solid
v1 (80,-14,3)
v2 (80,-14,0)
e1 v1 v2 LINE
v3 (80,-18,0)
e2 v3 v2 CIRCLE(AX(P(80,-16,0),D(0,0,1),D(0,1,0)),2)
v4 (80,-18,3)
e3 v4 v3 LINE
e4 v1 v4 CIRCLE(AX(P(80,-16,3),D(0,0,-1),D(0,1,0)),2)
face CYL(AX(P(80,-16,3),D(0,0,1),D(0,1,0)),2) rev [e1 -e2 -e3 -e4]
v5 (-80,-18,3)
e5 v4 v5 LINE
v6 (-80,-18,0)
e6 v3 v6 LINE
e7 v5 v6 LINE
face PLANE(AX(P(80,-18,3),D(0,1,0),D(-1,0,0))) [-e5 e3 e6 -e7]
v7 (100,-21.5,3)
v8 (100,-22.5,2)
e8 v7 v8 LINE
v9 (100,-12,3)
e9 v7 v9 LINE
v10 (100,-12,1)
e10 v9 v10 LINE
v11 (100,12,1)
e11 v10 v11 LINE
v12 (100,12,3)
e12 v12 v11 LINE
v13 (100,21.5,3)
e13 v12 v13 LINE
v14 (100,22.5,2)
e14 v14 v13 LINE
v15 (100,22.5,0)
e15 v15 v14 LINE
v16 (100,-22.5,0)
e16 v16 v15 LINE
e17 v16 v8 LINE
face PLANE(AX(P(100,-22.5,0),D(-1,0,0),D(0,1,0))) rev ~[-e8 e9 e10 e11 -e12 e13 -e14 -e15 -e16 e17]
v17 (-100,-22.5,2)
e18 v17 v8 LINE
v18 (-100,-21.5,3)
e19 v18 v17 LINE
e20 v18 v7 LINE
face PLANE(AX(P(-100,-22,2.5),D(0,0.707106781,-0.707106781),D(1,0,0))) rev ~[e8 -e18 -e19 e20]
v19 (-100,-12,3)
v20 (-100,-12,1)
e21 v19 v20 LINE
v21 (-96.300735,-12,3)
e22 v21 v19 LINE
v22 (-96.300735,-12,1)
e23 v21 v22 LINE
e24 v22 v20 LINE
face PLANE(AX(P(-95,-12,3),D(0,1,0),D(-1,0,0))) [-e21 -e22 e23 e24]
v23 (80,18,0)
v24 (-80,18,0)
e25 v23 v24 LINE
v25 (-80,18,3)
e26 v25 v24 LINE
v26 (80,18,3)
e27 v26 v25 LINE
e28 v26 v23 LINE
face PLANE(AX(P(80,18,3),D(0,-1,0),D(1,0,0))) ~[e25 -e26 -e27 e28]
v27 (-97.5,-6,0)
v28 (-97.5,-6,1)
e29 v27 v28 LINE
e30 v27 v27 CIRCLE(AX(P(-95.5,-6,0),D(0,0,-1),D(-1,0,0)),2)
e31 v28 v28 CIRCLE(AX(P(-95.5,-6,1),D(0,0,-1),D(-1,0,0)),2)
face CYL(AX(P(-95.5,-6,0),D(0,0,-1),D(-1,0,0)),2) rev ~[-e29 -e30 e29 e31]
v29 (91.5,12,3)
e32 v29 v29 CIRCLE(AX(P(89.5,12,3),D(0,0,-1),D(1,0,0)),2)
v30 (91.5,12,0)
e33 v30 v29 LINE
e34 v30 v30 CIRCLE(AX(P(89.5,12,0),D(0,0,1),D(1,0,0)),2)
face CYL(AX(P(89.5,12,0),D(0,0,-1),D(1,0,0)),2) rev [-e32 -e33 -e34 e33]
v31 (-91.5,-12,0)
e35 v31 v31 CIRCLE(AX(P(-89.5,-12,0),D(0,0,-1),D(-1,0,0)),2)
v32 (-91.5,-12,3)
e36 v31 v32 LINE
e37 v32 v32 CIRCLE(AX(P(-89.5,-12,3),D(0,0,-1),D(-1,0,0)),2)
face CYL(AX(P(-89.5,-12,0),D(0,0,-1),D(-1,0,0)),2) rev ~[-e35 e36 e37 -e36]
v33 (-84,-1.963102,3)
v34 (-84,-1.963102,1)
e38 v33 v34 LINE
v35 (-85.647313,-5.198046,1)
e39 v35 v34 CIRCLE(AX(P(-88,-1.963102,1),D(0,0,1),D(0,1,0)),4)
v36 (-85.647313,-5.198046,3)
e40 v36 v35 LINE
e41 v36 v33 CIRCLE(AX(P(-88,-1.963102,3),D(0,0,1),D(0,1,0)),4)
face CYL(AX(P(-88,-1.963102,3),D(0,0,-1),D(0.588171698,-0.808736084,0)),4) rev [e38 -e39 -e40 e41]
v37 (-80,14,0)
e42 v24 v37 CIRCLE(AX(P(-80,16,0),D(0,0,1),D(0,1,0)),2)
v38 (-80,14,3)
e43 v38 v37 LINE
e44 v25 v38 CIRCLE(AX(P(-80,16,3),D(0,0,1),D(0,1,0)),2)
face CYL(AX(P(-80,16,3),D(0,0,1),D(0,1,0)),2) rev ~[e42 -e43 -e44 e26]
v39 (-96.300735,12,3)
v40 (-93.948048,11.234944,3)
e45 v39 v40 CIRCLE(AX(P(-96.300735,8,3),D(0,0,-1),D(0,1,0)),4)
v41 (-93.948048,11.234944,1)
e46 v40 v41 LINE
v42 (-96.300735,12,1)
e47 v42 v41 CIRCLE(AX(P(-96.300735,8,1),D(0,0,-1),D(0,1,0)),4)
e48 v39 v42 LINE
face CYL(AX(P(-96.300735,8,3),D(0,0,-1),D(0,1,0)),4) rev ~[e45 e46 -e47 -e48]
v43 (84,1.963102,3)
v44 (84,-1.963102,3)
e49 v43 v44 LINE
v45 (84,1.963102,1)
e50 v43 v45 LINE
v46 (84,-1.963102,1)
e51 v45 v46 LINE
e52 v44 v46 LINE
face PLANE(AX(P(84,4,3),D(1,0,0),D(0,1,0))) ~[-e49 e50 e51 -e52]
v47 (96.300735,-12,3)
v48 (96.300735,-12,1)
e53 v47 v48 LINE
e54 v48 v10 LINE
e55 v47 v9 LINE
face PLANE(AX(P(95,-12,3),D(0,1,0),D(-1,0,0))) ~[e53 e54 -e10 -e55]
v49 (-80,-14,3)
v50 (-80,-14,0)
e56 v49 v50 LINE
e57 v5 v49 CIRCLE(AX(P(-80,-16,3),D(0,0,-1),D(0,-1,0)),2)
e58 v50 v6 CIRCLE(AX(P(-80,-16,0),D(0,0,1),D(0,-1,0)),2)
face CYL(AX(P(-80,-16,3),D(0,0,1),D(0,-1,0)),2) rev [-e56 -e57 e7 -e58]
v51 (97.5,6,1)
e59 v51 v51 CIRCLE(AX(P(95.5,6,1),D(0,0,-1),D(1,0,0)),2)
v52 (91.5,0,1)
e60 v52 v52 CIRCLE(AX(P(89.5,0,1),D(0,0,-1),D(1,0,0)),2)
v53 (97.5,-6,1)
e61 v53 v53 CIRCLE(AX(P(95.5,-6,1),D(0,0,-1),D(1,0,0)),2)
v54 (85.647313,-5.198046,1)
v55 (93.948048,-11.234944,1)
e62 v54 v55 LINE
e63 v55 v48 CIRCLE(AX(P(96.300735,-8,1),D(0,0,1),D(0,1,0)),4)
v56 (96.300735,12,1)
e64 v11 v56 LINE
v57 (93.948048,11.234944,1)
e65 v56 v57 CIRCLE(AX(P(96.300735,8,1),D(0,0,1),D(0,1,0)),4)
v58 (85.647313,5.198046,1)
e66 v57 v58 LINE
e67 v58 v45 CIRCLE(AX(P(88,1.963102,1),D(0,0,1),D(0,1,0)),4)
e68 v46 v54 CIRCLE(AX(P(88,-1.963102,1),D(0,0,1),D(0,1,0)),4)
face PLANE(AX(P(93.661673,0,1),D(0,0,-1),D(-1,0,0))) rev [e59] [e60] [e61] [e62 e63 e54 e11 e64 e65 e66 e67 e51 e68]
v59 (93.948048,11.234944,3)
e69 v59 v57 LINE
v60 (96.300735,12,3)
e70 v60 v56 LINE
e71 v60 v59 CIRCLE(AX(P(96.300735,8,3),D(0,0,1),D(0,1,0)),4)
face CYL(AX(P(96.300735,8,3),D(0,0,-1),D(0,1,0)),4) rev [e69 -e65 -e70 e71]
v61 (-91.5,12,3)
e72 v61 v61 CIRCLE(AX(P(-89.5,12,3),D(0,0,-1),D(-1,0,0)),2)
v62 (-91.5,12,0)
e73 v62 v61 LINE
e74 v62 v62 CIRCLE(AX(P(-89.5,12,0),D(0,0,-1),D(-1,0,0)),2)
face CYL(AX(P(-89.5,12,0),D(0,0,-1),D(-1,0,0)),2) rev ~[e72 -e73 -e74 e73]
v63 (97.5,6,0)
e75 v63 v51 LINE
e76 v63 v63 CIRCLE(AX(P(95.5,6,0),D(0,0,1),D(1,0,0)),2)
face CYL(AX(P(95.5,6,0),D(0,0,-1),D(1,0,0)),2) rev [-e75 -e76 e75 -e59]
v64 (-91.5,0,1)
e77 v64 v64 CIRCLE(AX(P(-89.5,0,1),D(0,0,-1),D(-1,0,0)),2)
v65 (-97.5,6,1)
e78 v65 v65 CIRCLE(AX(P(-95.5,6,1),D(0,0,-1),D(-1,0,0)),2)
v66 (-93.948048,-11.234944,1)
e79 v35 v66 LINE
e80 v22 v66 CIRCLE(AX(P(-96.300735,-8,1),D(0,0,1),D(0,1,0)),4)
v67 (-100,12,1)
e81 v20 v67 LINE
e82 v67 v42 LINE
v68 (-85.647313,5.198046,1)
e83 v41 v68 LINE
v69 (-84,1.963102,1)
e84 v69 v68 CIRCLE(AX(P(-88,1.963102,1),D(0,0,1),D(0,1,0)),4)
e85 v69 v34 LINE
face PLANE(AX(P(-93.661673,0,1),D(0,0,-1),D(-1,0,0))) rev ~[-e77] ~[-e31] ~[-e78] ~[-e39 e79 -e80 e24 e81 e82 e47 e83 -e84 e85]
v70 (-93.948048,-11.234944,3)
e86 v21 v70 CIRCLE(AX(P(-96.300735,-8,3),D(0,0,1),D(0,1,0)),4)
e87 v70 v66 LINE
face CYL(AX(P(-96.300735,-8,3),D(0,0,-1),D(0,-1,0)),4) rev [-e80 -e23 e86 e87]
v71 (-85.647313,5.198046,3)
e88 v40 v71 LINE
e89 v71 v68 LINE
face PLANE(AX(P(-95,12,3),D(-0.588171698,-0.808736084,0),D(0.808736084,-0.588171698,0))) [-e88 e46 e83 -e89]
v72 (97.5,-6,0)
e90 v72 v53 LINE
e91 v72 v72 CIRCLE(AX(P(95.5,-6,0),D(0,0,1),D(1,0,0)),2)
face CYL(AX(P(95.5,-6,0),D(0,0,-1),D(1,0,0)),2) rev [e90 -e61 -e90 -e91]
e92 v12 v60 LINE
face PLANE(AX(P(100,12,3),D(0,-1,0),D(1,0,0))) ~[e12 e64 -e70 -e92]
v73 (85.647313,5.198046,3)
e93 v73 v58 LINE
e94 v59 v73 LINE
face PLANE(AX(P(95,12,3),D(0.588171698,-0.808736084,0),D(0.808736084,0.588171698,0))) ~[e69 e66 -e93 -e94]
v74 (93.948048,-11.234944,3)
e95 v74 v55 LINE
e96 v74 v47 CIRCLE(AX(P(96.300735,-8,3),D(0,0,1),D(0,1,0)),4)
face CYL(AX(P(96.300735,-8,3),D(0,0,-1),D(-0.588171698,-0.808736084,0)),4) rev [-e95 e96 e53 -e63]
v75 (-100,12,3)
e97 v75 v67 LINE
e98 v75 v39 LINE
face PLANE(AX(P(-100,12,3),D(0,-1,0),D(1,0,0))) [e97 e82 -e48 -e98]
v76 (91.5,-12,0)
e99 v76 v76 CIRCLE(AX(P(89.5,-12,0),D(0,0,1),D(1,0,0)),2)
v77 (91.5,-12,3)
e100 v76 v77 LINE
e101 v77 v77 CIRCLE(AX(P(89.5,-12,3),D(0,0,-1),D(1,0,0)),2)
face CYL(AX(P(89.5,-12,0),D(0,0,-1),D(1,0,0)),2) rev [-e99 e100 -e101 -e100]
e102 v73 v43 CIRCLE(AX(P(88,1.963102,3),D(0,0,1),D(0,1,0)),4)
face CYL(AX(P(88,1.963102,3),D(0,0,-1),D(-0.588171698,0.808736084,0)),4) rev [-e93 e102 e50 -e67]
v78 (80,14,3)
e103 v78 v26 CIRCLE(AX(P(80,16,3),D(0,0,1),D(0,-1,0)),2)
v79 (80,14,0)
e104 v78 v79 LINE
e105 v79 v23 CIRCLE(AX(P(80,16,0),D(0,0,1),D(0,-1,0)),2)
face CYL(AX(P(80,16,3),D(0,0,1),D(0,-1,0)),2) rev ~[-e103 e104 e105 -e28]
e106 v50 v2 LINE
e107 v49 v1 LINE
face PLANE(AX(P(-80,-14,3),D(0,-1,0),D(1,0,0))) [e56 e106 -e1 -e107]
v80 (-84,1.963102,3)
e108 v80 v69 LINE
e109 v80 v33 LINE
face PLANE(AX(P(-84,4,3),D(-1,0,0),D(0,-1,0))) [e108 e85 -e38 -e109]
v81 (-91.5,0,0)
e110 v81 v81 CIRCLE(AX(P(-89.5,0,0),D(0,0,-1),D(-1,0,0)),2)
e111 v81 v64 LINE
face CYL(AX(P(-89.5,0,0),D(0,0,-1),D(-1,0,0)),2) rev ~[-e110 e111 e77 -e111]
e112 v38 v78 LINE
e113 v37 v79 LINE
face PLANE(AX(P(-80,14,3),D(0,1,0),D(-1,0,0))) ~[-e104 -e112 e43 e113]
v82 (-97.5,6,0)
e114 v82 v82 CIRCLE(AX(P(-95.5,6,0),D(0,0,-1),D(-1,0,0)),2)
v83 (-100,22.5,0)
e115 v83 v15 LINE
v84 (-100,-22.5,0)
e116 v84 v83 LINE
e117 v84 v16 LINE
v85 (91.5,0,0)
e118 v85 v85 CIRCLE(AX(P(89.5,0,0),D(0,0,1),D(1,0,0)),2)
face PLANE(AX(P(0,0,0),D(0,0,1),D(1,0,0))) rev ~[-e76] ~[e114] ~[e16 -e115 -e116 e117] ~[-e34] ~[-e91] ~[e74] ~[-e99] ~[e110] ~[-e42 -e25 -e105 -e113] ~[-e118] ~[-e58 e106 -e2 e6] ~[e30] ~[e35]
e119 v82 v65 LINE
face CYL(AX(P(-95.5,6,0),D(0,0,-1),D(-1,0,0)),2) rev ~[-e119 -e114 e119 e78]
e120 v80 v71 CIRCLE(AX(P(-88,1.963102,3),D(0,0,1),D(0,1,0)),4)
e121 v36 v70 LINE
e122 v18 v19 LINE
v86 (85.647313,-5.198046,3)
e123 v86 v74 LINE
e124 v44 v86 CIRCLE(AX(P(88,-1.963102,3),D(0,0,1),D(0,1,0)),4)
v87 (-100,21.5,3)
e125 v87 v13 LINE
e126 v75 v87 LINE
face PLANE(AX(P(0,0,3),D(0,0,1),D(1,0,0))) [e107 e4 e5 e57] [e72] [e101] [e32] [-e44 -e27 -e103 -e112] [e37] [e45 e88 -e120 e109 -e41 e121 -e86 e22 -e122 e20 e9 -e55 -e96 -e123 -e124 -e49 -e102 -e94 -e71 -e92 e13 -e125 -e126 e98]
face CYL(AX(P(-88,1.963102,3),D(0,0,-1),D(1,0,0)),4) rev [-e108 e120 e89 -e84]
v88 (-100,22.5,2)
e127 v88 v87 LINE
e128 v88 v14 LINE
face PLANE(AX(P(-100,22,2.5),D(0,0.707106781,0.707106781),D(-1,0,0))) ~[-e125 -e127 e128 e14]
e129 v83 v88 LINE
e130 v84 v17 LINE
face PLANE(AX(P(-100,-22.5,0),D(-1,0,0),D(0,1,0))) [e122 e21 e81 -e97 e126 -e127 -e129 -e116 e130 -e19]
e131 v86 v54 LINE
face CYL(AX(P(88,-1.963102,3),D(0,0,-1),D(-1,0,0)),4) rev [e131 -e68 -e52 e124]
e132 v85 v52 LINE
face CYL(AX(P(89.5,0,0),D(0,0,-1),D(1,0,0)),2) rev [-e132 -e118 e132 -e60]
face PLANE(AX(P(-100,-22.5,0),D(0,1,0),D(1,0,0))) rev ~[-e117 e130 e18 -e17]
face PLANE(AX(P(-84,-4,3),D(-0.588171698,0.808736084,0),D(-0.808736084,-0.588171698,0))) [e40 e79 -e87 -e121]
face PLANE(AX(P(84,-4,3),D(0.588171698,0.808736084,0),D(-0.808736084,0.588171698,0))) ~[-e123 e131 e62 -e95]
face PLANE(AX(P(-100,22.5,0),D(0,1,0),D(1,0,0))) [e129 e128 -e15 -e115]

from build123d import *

# Parameters (mm, degrees)
SKETCH1_W            = 200
SKETCH1_H            = 45
BOSS_EXTRUDE1_DEPTH  = 3
SKETCH2_R            = 2
CUT_EXTRUDE1_DEPTH   = 5
CUT_EXTRUDE5_DEPTH   = 2
CHAMFER2_SIZE        = 1
FILLET1_R            = 4
FILLET1_OF_MIRROR4_R = 4
CUT_EXTRUDE6_DEPTH   = 10


with BuildPart() as part:
    # Sketch1 → Boss-Extrude1 (new body)
    with BuildSketch(Plane.XY):
        Rectangle(SKETCH1_W, SKETCH1_H)
    extrude(amount=BOSS_EXTRUDE1_DEPTH)

    # Sketch2 → Cut-Extrude1 (cut)
    with BuildSketch(Plane(origin=(0, 0, 0), x_dir=(-1, 0, 0), z_dir=(0, 0, -1))):
        with Locations((89.5, 0)):
            Circle(SKETCH2_R)
        with Locations((95.5, 6)):
            Circle(SKETCH2_R)
        with Locations((95.5, -6)):
            Circle(SKETCH2_R)
        with Locations((89.5, -12)):
            Circle(SKETCH2_R)
        with Locations((89.5, 12)):
            Circle(SKETCH2_R)
    cut_extrude1 = extrude(amount=-CUT_EXTRUDE1_DEPTH, mode=Mode.SUBTRACT)

    # Sketch8 → Cut-Extrude5 (cut)
    with BuildSketch(Plane.XY.offset(3)):
        Polygon((-84, 4), (-84, -4), (-95, -12), (-100, -12), (-100, 12), (-95, 12), align=None)
    cut_extrude5 = extrude(amount=-CUT_EXTRUDE5_DEPTH, mode=Mode.SUBTRACT)

    # Chamfer2
    chamfer2_edges = [part.edges().sort_by_distance(p)[0] for p in [
        (0, -22.5, 3),
        (0, 22.5, 3),
    ]]
    chamfer(chamfer2_edges, length=CHAMFER2_SIZE)

    # Fillet1
    fillet1_edges = [part.edges().sort_by_distance(p)[0] for p in [
        (-95, 12, 2),
        (-84, 4, 2),
        (-84, -4, 2),
        (-95, -12, 2),
    ]]
    fillet(fillet1_edges, radius=FILLET1_R)

    # Mirror4: Cut-Extrude1, Cut-Extrude5 across plane
    add(cut_extrude1.mirror(Plane(origin=(0, 0, 0), x_dir=(0, 0, 1), z_dir=(1, 0, 0))), mode=Mode.SUBTRACT)
    add(cut_extrude5.mirror(Plane(origin=(0, 0, 0), x_dir=(0, 0, 1), z_dir=(1, 0, 0))), mode=Mode.SUBTRACT)

    # Fillet1 of Mirror4
    fillet1_of_mirror4_edges = [part.edges().sort_by_distance(p)[0] for p in [
        (95, 12, 2),
        (84, 4, 2),
        (84, -4, 2),
        (95, -12, 2),
    ]]
    fillet(fillet1_of_mirror4_edges, radius=FILLET1_OF_MIRROR4_R)

    # Sketch9 → Cut-Extrude6 (cut)
    with BuildSketch(Plane.XY.offset(3)):
        with BuildLine():
            Line((80, -18), (-80, -18))
            ThreePointArc((-80, -18), (-82, -16), (-80, -14))
            Line((-80, -14), (80, -14))
            ThreePointArc((80, -14), (82, -16), (80, -18))
        make_face()
    cut_extrude6 = extrude(amount=-CUT_EXTRUDE6_DEPTH, mode=Mode.SUBTRACT)

    # Mirror5: Cut-Extrude6 across plane
    add(cut_extrude6.mirror(Plane.ZX), mode=Mode.SUBTRACT)


solid = part.part
